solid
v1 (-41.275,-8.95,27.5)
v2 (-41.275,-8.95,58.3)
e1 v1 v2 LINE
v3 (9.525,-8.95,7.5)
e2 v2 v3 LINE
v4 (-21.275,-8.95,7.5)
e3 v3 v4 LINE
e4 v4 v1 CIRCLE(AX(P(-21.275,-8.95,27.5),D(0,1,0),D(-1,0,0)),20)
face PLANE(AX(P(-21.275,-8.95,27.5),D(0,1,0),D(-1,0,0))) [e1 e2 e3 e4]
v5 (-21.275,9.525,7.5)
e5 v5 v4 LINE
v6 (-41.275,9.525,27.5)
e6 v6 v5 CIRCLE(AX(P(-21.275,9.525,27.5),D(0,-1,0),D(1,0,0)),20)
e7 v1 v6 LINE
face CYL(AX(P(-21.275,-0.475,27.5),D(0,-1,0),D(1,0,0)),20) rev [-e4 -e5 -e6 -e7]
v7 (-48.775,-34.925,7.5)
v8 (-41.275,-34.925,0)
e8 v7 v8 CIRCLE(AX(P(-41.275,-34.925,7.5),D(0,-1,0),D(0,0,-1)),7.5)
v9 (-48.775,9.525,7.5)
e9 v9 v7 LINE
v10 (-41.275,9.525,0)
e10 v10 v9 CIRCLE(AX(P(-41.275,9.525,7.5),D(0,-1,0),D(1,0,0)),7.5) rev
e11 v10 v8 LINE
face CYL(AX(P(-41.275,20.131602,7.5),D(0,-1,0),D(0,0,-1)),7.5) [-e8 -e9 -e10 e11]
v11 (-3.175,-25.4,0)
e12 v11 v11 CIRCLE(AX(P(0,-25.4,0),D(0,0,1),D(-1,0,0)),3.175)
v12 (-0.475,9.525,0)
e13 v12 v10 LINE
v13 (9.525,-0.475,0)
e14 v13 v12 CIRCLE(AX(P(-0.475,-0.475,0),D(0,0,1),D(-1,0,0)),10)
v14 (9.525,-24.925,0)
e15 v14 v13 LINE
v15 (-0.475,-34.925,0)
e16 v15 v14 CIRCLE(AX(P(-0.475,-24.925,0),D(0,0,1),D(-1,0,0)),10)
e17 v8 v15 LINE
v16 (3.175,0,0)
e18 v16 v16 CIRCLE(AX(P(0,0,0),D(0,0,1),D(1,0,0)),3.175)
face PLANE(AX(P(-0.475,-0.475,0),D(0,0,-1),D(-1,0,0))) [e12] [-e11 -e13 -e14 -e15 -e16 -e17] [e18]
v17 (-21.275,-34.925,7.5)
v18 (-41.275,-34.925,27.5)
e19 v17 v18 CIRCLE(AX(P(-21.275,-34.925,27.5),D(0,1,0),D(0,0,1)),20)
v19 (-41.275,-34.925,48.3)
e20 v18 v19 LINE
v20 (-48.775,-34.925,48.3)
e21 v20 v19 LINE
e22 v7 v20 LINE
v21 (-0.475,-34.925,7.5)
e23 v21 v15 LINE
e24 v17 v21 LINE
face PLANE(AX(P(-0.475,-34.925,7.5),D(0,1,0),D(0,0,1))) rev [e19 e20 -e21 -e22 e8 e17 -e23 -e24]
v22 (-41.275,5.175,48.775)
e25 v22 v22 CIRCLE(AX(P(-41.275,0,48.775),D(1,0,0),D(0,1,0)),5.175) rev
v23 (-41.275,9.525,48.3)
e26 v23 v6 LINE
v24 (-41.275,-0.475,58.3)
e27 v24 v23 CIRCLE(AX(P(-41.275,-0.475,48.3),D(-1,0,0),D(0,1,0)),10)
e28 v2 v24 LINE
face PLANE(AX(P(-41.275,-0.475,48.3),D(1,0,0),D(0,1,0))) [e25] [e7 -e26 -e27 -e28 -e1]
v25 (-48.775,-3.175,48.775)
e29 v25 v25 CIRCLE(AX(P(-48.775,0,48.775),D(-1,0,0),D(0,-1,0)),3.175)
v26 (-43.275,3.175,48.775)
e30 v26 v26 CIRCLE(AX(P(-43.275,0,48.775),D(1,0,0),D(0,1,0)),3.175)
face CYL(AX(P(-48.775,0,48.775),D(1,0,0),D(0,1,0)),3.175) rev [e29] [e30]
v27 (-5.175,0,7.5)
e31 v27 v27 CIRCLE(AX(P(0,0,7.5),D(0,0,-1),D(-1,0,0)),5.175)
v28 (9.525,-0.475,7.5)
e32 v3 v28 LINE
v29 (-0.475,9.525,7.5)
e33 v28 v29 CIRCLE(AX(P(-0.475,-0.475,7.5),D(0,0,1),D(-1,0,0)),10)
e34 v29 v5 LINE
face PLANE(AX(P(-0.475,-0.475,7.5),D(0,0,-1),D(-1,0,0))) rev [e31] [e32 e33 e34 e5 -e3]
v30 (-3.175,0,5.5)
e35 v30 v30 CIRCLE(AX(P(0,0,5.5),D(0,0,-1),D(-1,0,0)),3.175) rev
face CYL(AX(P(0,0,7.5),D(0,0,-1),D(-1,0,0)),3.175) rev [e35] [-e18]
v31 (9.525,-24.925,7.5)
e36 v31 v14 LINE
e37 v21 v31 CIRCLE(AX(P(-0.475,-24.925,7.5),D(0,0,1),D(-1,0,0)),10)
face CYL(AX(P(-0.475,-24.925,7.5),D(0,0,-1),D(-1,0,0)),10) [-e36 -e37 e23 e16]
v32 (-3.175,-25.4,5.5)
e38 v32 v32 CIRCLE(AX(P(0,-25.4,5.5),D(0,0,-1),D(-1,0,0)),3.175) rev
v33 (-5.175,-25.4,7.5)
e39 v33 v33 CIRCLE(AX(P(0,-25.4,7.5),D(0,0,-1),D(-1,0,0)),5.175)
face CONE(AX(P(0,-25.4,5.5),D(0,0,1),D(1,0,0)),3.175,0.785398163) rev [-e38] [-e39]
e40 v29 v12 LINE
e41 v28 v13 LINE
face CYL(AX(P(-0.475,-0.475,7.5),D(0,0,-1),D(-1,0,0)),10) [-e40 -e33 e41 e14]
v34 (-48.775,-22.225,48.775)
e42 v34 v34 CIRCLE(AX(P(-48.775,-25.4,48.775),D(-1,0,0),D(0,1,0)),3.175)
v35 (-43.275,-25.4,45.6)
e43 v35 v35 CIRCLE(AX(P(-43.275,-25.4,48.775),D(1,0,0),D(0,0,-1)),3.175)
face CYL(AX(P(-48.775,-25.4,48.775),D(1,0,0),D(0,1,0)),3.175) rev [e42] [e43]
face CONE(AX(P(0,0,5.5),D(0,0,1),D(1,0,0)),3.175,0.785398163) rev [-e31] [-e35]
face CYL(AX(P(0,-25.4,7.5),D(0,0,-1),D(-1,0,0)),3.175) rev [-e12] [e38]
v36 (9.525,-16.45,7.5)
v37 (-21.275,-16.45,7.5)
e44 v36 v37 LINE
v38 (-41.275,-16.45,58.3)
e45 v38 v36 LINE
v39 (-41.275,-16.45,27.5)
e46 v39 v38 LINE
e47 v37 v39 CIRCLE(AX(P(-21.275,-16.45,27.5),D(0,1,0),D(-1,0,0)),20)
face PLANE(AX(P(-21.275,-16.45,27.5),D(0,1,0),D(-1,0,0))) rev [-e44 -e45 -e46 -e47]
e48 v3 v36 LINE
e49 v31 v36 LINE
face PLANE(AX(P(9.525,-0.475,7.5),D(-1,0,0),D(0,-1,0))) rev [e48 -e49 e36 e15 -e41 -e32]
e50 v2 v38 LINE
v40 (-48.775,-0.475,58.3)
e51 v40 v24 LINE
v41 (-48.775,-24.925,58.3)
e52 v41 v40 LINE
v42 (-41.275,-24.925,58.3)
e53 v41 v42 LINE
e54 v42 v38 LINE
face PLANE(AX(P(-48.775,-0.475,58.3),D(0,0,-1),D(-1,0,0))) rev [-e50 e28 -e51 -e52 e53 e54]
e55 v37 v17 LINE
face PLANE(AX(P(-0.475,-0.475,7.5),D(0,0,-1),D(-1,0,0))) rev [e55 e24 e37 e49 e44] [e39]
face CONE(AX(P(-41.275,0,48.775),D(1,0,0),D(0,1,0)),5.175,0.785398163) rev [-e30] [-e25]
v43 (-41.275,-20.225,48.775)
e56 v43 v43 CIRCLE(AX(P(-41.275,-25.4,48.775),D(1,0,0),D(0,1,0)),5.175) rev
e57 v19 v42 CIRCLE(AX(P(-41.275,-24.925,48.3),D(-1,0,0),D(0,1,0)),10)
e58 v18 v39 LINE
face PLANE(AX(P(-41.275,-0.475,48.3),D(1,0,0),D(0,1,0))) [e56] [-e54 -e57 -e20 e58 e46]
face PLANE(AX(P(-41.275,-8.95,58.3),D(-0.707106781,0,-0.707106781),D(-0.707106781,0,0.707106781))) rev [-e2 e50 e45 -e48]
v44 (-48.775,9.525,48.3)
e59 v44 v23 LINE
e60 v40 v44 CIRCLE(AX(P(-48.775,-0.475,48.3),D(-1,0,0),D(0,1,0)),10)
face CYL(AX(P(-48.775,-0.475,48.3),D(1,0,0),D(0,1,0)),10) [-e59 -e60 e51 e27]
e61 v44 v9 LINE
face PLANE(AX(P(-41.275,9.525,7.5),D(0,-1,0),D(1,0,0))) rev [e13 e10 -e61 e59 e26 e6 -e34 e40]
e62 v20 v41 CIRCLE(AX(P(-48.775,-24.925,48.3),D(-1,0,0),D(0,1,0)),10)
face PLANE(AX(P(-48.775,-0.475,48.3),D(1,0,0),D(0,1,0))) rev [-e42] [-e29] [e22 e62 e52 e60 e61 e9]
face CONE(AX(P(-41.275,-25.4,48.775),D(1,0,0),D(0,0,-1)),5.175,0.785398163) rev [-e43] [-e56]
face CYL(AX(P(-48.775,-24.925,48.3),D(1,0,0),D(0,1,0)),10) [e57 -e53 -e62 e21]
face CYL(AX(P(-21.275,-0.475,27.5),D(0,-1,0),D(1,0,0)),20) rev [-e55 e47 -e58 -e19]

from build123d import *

# Parameters (mm, degrees)
SKETCH1_R           = 3.175
BOSS_EXTRUDE1_DEPTH = 7.5
SKETCH2_R           = 3.175
BOSS_EXTRUDE2_DEPTH = 7.5
BOSS_EXTRUDE3_DEPTH = 44.45
FILLET1_R           = 20
BOSS_EXTRUDE4_DEPTH = 3.75
CHAMFER1_SIZE       = 2


with BuildPart() as part:
    # Sketch1 → Boss-Extrude1 (new body)
    with BuildSketch(Plane.XY):
        with BuildLine():
            Line((-41.275, 9.525), (-0.475, 9.525))
            ThreePointArc((-0.475, 9.525), (6.596067812, 6.596067812), (9.525, -0.475))
            Line((9.525, -0.475), (9.525, -24.925))
            ThreePointArc((9.525, -24.925), (6.596067812, -31.996067812), (-0.475, -34.925))
            Line((-0.475, -34.925), (-41.275, -34.925))
            Line((-41.275, -34.925), (-41.275, 9.525))
        make_face()
        Circle(SKETCH1_R, mode=Mode.SUBTRACT)
        with Locations(Location((0, -25.4, 0), (0, 0, 180))):
            Circle(SKETCH1_R, mode=Mode.SUBTRACT)
    extrude(amount=BOSS_EXTRUDE1_DEPTH)



with BuildPart() as body_2:
    # Sketch2 → Boss-Extrude2 (new body)
    with BuildSketch(Plane.ZY.offset(41.275)):
        with BuildLine():
            Line((7.5, 9.525), (48.3, 9.525))
            ThreePointArc((48.3, 9.525), (55.371067812, 6.596067812), (58.3, -0.475))
            Line((58.3, -0.475), (58.3, -24.925))
            ThreePointArc((58.3, -24.925), (55.371067812, -31.996067812), (48.3, -34.925))
            Line((48.3, -34.925), (7.5, -34.925))
            Line((7.5, -34.925), (7.5, 9.525))
        make_face()
        with Locations(Location((48.775, 0, 0), (0, 0, 270))):
            Circle(SKETCH2_R, mode=Mode.SUBTRACT)
        with Locations(Location((48.775, -25.4, 0), (0, 0, 90))):
            Circle(SKETCH2_R, mode=Mode.SUBTRACT)
    extrude(amount=BOSS_EXTRUDE2_DEPTH)


with BuildPart() as part_1:
    add(part.part)

    add(body_2.part)  # Boss-Extrude3 merges body 2
    # Sketch3 → Boss-Extrude3 (add)
    with BuildSketch(Plane.XZ.offset(34.925)):
        with BuildLine():
            Line((-48.775, 7.5), (-41.275, 7.5))
            Line((-41.275, 7.5), (-41.275, 0))
            ThreePointArc((-41.275, 0), (-46.578300859, 2.196699141), (-48.775, 7.5))
        make_face()
    extrude(amount=-BOSS_EXTRUDE3_DEPTH)

    # Fillet1
    fillet1_edges = [part_1.edges().sort_by_distance(p)[0] for p in [
        (-41.275, -12.7, 7.5),
    ]]
    fillet(fillet1_edges, radius=FILLET1_R)

    # Sketch4 → Boss-Extrude4 (add, symmetric)
    with BuildSketch(Plane(origin=(0, -12.7, 0), x_dir=(1, 0, 0), z_dir=(0, 1, 0))):
        with BuildLine():
            Line((-0.475, -7.5), (9.525, -7.5))
            Line((9.525, -7.5), (-41.275, -58.3))
            Line((-41.275, -58.3), (-41.275, -48.3))
            Line((-41.275, -48.3), (-41.275, -27.5))
            ThreePointArc((-41.275, -27.5), (-35.417135624, -13.357864376), (-21.275, -7.5))
            Line((-21.275, -7.5), (-0.475, -7.5))
        make_face()
    extrude(amount=BOSS_EXTRUDE4_DEPTH, both=True)

    # Chamfer1
    chamfer1_edges = [part_1.edges().sort_by_distance(p)[0] for p in [
        (-3.175, 0, 7.5),
        (3.175, -25.4, 7.5),
        (-41.275, 3.175, 48.775),
        (-41.275, -28.575, 48.775),
    ]]
    chamfer(chamfer1_edges, length=CHAMFER1_SIZE)


solid = part_1.part
